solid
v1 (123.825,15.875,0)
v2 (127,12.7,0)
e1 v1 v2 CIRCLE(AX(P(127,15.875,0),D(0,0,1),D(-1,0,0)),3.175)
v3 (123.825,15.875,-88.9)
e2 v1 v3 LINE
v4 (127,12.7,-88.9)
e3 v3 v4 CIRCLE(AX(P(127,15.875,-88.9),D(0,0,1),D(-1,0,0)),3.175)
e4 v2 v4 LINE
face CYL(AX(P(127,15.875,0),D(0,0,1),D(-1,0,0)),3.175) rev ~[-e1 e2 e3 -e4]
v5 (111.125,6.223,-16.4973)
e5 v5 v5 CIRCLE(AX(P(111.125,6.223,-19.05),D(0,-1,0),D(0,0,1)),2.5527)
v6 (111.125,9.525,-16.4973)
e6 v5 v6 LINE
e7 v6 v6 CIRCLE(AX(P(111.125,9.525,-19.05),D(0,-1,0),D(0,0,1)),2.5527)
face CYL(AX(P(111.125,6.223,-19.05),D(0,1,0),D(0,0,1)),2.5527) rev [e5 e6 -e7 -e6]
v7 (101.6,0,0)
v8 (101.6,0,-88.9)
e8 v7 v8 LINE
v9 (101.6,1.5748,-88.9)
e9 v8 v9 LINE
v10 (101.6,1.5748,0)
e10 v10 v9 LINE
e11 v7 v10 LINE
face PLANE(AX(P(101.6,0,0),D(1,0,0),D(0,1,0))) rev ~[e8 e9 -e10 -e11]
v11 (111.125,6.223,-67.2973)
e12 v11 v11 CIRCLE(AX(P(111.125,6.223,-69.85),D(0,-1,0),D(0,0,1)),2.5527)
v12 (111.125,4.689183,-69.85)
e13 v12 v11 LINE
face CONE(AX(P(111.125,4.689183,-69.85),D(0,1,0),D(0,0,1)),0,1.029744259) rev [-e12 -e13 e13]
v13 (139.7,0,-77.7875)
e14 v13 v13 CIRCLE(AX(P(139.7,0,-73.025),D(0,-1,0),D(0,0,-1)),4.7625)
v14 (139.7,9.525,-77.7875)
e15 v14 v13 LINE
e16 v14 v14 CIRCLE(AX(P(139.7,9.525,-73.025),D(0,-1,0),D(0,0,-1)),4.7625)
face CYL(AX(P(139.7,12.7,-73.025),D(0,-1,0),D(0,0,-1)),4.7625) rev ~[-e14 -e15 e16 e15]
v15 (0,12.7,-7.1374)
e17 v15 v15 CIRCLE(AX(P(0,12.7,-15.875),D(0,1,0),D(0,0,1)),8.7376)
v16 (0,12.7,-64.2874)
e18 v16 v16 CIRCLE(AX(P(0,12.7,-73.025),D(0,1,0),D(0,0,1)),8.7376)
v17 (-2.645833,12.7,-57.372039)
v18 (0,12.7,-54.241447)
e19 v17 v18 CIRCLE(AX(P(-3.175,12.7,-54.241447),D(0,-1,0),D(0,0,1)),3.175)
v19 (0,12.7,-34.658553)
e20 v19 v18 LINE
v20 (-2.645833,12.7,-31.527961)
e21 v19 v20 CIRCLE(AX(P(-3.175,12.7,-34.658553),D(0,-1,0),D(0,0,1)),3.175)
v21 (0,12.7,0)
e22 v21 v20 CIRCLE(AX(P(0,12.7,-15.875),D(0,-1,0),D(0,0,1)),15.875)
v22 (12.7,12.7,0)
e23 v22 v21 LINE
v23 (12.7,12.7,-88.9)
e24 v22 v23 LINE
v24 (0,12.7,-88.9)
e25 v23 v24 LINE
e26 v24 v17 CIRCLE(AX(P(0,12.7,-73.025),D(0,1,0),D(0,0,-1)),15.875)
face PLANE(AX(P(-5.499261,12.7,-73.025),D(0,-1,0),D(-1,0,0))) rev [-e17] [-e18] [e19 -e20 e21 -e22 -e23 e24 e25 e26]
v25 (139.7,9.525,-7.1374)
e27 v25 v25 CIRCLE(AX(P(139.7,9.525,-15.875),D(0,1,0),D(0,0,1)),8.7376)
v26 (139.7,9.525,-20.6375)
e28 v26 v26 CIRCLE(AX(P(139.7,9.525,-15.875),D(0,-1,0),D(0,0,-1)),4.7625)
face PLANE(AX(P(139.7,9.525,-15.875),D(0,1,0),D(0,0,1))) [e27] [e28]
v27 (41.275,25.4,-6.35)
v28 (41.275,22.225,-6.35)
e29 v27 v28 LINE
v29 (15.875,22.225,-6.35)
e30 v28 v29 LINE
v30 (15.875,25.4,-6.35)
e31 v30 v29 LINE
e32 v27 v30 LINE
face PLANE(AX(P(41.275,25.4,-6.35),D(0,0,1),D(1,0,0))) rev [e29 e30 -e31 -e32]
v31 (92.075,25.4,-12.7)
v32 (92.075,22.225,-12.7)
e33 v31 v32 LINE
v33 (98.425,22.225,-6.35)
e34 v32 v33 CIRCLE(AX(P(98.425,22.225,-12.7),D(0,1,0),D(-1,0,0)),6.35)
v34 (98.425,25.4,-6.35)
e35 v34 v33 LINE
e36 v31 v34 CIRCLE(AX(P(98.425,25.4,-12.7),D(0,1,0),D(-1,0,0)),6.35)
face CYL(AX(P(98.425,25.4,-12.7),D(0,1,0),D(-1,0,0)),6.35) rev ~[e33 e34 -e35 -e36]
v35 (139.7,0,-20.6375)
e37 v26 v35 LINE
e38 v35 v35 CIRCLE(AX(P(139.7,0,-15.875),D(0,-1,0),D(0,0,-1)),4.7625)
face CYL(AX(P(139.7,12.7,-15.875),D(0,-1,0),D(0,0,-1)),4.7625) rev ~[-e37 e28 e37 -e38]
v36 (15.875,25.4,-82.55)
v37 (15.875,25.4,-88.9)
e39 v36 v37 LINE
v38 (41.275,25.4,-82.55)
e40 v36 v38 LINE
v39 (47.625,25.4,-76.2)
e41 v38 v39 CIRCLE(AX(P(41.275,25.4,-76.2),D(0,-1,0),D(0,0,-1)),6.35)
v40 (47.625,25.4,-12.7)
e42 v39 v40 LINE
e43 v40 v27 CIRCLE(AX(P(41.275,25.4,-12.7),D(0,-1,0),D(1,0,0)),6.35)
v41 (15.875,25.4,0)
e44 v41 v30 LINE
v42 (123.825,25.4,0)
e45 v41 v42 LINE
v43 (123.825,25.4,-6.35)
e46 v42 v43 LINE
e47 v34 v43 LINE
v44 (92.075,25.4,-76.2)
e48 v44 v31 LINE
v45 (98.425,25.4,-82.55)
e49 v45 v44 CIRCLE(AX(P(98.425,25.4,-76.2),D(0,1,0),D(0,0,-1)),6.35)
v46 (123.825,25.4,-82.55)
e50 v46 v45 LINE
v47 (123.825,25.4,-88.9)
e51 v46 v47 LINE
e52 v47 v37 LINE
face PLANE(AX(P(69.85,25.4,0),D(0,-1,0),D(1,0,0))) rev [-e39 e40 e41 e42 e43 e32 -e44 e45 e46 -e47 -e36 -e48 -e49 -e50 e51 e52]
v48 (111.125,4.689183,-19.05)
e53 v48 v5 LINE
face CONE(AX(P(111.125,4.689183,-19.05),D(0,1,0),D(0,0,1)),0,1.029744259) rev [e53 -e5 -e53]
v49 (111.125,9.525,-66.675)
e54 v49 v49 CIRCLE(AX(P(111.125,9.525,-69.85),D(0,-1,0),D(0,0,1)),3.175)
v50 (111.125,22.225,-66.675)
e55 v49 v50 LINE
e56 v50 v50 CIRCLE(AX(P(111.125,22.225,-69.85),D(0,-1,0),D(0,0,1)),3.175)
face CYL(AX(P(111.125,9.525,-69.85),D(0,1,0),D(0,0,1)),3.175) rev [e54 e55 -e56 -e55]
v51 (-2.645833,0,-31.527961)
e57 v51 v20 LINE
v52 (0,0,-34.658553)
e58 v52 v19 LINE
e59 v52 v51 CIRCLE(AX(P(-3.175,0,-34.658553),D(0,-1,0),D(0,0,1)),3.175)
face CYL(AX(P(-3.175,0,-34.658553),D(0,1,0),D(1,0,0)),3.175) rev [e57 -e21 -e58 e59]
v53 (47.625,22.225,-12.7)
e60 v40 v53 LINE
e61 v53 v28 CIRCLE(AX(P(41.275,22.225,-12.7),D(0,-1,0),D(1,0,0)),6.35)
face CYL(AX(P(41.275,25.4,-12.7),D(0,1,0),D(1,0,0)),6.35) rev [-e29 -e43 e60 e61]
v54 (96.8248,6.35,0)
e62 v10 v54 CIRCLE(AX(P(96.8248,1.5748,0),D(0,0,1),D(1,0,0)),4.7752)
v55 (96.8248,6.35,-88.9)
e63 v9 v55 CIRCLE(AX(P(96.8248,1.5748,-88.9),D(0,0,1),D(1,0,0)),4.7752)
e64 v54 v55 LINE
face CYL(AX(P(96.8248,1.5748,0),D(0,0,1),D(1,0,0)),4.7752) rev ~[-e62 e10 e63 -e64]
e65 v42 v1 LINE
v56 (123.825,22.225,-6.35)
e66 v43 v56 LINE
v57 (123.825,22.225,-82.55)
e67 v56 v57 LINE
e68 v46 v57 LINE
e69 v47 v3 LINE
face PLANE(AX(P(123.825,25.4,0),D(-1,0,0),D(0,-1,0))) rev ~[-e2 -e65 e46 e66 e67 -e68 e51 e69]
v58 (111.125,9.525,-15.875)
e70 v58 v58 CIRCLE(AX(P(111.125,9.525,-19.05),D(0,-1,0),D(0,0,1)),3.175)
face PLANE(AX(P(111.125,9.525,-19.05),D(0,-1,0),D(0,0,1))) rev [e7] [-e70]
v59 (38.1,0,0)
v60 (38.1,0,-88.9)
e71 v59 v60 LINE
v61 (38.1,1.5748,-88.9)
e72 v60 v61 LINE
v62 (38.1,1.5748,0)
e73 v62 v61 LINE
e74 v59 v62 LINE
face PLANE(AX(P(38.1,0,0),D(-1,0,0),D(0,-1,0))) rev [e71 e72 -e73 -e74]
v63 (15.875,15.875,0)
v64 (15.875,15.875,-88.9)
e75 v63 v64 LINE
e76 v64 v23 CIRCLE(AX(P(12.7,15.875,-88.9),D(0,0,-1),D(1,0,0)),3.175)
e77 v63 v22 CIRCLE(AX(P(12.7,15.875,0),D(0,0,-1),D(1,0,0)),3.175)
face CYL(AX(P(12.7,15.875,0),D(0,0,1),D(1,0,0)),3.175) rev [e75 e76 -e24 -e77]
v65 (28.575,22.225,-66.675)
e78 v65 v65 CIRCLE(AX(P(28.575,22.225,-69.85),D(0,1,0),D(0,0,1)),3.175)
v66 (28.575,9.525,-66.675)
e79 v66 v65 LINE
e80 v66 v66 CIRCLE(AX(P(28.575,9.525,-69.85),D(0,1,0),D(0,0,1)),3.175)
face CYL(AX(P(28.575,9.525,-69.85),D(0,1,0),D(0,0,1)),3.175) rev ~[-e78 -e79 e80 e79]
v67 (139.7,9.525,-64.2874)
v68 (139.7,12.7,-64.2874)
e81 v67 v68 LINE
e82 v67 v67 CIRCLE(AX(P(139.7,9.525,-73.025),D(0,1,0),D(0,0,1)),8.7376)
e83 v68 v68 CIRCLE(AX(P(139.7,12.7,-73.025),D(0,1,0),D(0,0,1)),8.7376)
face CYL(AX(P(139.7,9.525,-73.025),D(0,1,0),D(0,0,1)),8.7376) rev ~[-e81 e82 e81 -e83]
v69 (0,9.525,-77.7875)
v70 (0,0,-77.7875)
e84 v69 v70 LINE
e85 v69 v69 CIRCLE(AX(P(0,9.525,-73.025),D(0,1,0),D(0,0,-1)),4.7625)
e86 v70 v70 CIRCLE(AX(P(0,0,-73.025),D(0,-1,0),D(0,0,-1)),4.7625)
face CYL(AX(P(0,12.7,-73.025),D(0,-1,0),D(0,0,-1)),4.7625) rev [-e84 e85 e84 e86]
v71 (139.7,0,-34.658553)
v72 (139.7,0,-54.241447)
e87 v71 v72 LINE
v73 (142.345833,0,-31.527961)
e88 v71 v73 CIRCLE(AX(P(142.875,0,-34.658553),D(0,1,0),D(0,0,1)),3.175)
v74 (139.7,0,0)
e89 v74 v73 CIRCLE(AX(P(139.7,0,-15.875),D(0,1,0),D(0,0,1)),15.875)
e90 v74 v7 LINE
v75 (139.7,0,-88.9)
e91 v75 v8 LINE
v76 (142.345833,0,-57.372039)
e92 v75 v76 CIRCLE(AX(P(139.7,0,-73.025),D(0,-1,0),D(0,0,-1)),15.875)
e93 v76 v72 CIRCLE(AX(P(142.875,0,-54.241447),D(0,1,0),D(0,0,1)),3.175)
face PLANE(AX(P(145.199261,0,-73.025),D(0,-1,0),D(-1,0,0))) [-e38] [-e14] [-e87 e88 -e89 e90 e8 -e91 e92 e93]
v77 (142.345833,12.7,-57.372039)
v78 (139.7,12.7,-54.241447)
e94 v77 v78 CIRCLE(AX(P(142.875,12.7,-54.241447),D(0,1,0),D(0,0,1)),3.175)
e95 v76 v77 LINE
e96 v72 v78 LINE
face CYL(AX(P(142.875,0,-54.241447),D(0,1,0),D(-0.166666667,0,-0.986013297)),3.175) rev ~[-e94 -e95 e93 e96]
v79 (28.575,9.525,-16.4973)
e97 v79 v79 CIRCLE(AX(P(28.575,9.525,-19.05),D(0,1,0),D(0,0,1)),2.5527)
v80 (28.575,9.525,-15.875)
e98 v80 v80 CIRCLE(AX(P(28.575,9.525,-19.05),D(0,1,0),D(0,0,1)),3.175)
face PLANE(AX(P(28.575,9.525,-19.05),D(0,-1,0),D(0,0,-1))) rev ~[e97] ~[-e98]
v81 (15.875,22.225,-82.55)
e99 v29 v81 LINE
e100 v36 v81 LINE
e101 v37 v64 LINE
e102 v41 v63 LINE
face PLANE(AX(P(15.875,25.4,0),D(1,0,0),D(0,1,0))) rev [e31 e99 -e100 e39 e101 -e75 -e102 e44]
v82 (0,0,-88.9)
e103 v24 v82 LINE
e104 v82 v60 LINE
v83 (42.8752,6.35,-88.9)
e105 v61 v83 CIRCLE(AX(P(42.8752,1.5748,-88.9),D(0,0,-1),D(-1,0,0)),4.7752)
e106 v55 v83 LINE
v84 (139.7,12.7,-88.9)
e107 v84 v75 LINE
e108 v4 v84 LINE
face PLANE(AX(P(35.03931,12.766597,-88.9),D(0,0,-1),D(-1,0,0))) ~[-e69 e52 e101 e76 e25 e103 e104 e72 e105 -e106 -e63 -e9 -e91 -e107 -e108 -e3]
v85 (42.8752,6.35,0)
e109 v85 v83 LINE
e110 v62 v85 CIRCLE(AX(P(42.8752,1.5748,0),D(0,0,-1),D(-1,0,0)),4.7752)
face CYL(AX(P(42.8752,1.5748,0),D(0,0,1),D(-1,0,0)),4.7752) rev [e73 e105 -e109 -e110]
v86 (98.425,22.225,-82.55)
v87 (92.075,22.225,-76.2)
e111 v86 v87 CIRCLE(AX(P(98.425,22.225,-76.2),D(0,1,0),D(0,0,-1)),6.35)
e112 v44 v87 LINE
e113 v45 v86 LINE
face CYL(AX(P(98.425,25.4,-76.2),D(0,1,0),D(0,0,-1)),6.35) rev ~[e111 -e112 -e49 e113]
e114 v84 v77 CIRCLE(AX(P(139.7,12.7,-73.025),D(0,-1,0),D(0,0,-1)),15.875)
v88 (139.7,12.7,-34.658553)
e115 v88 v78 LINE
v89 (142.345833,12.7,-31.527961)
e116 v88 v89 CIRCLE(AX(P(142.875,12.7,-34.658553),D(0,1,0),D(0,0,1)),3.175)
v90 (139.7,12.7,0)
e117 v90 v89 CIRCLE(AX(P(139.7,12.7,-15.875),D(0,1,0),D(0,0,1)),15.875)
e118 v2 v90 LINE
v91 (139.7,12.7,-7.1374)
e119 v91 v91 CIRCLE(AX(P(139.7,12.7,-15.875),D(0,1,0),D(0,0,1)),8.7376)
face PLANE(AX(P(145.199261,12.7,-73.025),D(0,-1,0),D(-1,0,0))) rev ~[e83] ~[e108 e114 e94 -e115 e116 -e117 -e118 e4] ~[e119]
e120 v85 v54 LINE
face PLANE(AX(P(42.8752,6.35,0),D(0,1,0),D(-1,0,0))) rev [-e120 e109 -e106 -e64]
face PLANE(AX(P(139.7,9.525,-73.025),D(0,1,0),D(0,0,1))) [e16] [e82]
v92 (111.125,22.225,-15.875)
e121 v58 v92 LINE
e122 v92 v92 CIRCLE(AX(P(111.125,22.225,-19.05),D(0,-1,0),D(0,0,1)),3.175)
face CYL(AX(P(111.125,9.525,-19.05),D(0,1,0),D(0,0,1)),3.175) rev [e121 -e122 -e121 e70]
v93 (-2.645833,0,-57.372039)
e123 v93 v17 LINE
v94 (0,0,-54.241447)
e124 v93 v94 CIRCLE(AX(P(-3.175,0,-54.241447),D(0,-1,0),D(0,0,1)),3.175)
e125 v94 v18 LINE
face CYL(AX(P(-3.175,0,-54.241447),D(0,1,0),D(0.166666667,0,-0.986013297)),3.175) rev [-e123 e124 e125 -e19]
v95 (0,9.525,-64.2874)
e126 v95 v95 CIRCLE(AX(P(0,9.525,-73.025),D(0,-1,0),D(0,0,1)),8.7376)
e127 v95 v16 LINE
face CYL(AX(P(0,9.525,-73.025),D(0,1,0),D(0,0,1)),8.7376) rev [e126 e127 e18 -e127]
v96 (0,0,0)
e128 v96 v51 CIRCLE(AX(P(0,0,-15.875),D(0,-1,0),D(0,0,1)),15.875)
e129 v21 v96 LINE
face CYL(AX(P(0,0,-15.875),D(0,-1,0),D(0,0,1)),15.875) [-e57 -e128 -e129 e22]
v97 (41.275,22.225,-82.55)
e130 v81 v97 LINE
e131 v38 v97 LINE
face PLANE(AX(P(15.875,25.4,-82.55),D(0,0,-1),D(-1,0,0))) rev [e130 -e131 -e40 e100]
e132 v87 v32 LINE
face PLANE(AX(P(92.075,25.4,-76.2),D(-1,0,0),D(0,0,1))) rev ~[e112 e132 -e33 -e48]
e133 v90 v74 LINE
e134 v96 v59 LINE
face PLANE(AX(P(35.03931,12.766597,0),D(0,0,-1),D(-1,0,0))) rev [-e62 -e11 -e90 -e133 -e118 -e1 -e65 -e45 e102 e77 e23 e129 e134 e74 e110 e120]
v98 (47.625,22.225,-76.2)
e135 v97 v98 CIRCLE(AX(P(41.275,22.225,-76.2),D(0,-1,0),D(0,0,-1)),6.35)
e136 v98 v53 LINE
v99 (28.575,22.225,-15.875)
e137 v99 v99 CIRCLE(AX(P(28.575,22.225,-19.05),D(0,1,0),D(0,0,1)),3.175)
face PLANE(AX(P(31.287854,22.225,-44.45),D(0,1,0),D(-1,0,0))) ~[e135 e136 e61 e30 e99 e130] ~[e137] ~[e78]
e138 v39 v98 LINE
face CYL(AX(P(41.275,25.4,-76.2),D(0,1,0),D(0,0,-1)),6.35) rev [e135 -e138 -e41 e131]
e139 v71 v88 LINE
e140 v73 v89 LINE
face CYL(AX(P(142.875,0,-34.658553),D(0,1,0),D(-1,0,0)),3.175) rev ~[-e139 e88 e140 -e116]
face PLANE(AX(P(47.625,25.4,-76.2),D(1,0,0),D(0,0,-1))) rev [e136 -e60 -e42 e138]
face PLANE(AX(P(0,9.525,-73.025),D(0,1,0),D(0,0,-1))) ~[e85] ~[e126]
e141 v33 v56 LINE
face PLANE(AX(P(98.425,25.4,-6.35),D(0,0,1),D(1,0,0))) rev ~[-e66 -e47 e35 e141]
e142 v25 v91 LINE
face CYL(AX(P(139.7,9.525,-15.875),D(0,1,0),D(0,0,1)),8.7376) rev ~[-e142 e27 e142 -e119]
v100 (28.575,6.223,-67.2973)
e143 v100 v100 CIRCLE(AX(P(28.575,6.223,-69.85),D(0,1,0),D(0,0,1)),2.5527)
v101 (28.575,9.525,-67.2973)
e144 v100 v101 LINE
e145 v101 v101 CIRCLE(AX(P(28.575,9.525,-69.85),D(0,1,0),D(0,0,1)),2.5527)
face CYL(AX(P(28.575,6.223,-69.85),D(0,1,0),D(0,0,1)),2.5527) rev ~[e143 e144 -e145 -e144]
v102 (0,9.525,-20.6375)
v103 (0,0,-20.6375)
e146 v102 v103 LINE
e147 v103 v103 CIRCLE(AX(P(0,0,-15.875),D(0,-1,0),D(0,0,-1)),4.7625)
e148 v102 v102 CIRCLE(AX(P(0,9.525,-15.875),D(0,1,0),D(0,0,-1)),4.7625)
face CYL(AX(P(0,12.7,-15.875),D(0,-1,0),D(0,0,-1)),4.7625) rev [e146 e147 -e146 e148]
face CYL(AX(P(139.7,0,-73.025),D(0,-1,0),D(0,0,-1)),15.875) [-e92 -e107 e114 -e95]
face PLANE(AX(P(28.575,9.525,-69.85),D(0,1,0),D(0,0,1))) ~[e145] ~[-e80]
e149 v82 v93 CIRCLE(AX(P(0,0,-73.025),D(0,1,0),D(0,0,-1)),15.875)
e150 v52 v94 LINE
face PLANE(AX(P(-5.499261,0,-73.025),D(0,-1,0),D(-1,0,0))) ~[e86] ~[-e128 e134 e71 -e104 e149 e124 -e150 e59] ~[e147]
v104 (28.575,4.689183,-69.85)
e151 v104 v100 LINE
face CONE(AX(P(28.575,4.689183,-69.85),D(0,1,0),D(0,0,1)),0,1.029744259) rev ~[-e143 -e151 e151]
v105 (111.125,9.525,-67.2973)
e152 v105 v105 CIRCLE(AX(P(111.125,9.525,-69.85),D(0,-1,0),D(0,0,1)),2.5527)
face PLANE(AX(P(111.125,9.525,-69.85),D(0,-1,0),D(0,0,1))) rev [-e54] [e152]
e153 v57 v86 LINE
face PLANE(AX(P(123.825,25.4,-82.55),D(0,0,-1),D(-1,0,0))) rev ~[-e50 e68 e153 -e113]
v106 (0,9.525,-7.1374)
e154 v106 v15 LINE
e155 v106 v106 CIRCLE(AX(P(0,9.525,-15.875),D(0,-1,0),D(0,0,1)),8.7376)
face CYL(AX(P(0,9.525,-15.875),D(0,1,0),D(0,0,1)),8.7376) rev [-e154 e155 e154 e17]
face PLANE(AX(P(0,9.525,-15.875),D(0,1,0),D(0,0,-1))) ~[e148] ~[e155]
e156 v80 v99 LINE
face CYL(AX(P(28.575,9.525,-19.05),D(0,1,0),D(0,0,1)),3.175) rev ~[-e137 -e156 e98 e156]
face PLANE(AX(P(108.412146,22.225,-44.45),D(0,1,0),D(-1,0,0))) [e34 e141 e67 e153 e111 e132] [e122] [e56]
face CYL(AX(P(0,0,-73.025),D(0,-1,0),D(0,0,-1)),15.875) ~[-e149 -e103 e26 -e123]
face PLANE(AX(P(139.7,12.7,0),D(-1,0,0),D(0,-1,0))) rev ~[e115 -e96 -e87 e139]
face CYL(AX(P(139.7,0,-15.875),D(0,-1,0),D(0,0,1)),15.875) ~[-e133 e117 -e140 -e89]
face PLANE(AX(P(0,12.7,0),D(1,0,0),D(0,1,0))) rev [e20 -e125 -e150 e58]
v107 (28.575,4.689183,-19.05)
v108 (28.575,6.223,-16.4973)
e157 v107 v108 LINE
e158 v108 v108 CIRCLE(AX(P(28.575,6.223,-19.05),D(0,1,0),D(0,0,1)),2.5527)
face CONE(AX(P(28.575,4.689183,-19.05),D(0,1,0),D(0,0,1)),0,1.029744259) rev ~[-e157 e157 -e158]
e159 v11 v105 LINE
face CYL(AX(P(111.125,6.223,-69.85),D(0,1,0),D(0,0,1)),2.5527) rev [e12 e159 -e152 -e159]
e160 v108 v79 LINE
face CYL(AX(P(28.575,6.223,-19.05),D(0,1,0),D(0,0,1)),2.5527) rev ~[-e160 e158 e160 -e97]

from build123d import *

# Parameters (mm, degrees)
EXTRUDE1_DEPTH                                       = 88.9
EXTRUDE2_DEPTH                                       = 12.7
EXTRUDE3_DEPTH                                       = 3.175
CBORE_FOR_1_4_BINDING_HEAD_MACHINE_SCREW_D           = 9.525
CBORE_FOR_1_4_BINDING_HEAD_MACHINE_SCREW_CBORE_D     = 17.4752
CBORE_FOR_1_4_BINDING_HEAD_MACHINE_SCREW_CBORE_DEPTH = 3.175
F_1_4_20_TAPPED_HOLE1_AT_2_COUNT                     = 2
F_1_4_20_TAPPED_HOLE1_AT_2_PITCH                     = 50.8
FILLET2_R                                            = 3.175
FILLET2_OF_MIRROR1_R                                 = 3.175


with BuildPart() as part:
    # Sketch1 → Extrude1 (new body)
    with BuildSketch(Plane.XY):
        with BuildLine():
            Line((69.85, 25.4), (123.825, 25.4))
            Line((123.825, 25.4), (123.825, 15.875))
            ThreePointArc((123.825, 15.875), (124.75493597, 13.62993597), (127, 12.7))
            Line((127, 12.7), (139.7, 12.7))
            Line((139.7, 12.7), (139.7, 0))
            Line((139.7, 0), (101.6, 0))
            Line((101.6, 0), (101.6, 1.5748))
            ThreePointArc((101.6, 1.5748), (100.201376302, 4.951376302), (96.8248, 6.35))
            Line((96.8248, 6.35), (69.85, 6.35))
            Line((69.85, 6.35), (69.85, 25.4))
        make_face()
    extrude1 = extrude(amount=-EXTRUDE1_DEPTH)

    # Sketch2 → Extrude2 (add)
    with BuildSketch(Plane(origin=(0, 0, 0), x_dir=(1, 0, 0), z_dir=(0, 1, 0))):
        with BuildLine():
            Line((139.7, 57.15), (139.7, 88.9))
            ThreePointArc((139.7, 88.9), (155.575, 73.025), (139.7, 57.15))
        make_face()
        with BuildLine():
            Line((139.7, 31.75), (139.7, 0))
            ThreePointArc((139.7, 0), (155.575, 15.875), (139.7, 31.75))
        make_face()
    extrude2 = extrude(amount=EXTRUDE2_DEPTH)

    # Sketch3 → Extrude3 (cut)
    with BuildSketch(Plane(origin=(123.825, 25.4, 0), x_dir=(-1, 0, 0), z_dir=(0, 1, 0))):
        with BuildLine():
            Line((0, -82.55), (25.4, -82.55))
            ThreePointArc((25.4, -82.55), (29.890128061, -80.690128061), (31.75, -76.2))
            Line((31.75, -76.2), (31.75, -12.7))
            ThreePointArc((31.75, -12.7), (29.890128061, -8.209871939), (25.4, -6.35))
            Line((25.4, -6.35), (0, -6.35))
            Line((0, -6.35), (0, -82.55))
        make_face()
    extrude3 = extrude(amount=-EXTRUDE3_DEPTH, mode=Mode.SUBTRACT)

    # CBORE for 1/4 Binding Head Machine Screw1 (through all)
    with Locations(Plane(origin=(139.7, 12.7, -73.025), x_dir=(0, 0, 1), z_dir=(0, 1, 0))):
        with Locations((0, 0), (57.15, 0)):
            cbore_for_1_4_binding_head_machine_screw = CounterBoreHole(CBORE_FOR_1_4_BINDING_HEAD_MACHINE_SCREW_D / 2, CBORE_FOR_1_4_BINDING_HEAD_MACHINE_SCREW_CBORE_D / 2, CBORE_FOR_1_4_BINDING_HEAD_MACHINE_SCREW_CBORE_DEPTH)

    # Sketch5 → 1/4-20 Tapped Hole1 (revolve, cut)
    with BuildSketch(Plane(origin=(111.125, 22.225, -19.05), x_dir=(0, 0, 1), z_dir=(1, 0, 0))):
        Polygon((0, 0), (0, 17.535816902), (2.5527, 16.002), (2.5527, 12.7), (3.175, 12.7), (3.175, 0), align=None)
    f_1_4_20_tapped_hole1 = revolve(axis=Axis((111.125, 28.575, -19.05), (0, -1, 0)), mode=Mode.SUBTRACT)

    # 1/4-20 Tapped Hole1 at 2: 1/4-20 Tapped Hole1 ×2
    with Locations(*[(0, 0, -i * F_1_4_20_TAPPED_HOLE1_AT_2_PITCH) for i in range(1, F_1_4_20_TAPPED_HOLE1_AT_2_COUNT)]):
        add(f_1_4_20_tapped_hole1, mode=Mode.SUBTRACT)

    # Fillet2
    fillet2_edges = [part.edges().sort_by_distance(p)[0] for p in [
        (139.7, 6.35, -57.15),
        (139.7, 6.35, -31.75),
    ]]
    fillet(fillet2_edges, radius=FILLET2_R)

    # Mirror1: Extrude1, Extrude2, Extrude3, CBORE for 1/4 Binding Head Machine Screw1, 1/4-20 Tapped Hole1 across plane
    add(extrude1.mirror(Plane(origin=(69.85, 25.4, -88.9), x_dir=(0, 0, 1), z_dir=(-1, 0, 0))))
    add(extrude2.mirror(Plane(origin=(69.85, 25.4, -88.9), x_dir=(0, 0, 1), z_dir=(-1, 0, 0))))
    add(extrude3.mirror(Plane(origin=(69.85, 25.4, -88.9), x_dir=(0, 0, 1), z_dir=(-1, 0, 0))), mode=Mode.SUBTRACT)
    add(cbore_for_1_4_binding_head_machine_screw.mirror(Plane(origin=(69.85, 25.4, -88.9), x_dir=(0, 0, 1), z_dir=(-1, 0, 0))), mode=Mode.SUBTRACT)
    add(f_1_4_20_tapped_hole1.mirror(Plane(origin=(69.85, 25.4, -88.9), x_dir=(0, 0, 1), z_dir=(-1, 0, 0))), mode=Mode.SUBTRACT)

    # Mirror1 copy 1 sketch → Mirror1 copy 1 (revolve, cut)
    with BuildSketch(Plane(origin=(28.575, 22.225, -69.85), x_dir=(0, 0, 1), z_dir=(-1, 0, 0))):
        Polygon((0, 0), (0, -17.535816902), (2.5527, -16.002), (2.5527, -12.7), (3.175, -12.7), (3.175, 0), align=None)
    revolve(axis=Axis((28.575, 28.575, -69.85), (0, 1, 0)), mode=Mode.SUBTRACT)

    # Fillet2 of Mirror1
    fillet2_of_mirror1_edges = [part.edges().sort_by_distance(p)[0] for p in [
        (0, 6.35, -57.15),
        (0, 6.35, -31.75),
    ]]
    fillet(fillet2_of_mirror1_edges, radius=FILLET2_OF_MIRROR1_R)


solid = part.part
